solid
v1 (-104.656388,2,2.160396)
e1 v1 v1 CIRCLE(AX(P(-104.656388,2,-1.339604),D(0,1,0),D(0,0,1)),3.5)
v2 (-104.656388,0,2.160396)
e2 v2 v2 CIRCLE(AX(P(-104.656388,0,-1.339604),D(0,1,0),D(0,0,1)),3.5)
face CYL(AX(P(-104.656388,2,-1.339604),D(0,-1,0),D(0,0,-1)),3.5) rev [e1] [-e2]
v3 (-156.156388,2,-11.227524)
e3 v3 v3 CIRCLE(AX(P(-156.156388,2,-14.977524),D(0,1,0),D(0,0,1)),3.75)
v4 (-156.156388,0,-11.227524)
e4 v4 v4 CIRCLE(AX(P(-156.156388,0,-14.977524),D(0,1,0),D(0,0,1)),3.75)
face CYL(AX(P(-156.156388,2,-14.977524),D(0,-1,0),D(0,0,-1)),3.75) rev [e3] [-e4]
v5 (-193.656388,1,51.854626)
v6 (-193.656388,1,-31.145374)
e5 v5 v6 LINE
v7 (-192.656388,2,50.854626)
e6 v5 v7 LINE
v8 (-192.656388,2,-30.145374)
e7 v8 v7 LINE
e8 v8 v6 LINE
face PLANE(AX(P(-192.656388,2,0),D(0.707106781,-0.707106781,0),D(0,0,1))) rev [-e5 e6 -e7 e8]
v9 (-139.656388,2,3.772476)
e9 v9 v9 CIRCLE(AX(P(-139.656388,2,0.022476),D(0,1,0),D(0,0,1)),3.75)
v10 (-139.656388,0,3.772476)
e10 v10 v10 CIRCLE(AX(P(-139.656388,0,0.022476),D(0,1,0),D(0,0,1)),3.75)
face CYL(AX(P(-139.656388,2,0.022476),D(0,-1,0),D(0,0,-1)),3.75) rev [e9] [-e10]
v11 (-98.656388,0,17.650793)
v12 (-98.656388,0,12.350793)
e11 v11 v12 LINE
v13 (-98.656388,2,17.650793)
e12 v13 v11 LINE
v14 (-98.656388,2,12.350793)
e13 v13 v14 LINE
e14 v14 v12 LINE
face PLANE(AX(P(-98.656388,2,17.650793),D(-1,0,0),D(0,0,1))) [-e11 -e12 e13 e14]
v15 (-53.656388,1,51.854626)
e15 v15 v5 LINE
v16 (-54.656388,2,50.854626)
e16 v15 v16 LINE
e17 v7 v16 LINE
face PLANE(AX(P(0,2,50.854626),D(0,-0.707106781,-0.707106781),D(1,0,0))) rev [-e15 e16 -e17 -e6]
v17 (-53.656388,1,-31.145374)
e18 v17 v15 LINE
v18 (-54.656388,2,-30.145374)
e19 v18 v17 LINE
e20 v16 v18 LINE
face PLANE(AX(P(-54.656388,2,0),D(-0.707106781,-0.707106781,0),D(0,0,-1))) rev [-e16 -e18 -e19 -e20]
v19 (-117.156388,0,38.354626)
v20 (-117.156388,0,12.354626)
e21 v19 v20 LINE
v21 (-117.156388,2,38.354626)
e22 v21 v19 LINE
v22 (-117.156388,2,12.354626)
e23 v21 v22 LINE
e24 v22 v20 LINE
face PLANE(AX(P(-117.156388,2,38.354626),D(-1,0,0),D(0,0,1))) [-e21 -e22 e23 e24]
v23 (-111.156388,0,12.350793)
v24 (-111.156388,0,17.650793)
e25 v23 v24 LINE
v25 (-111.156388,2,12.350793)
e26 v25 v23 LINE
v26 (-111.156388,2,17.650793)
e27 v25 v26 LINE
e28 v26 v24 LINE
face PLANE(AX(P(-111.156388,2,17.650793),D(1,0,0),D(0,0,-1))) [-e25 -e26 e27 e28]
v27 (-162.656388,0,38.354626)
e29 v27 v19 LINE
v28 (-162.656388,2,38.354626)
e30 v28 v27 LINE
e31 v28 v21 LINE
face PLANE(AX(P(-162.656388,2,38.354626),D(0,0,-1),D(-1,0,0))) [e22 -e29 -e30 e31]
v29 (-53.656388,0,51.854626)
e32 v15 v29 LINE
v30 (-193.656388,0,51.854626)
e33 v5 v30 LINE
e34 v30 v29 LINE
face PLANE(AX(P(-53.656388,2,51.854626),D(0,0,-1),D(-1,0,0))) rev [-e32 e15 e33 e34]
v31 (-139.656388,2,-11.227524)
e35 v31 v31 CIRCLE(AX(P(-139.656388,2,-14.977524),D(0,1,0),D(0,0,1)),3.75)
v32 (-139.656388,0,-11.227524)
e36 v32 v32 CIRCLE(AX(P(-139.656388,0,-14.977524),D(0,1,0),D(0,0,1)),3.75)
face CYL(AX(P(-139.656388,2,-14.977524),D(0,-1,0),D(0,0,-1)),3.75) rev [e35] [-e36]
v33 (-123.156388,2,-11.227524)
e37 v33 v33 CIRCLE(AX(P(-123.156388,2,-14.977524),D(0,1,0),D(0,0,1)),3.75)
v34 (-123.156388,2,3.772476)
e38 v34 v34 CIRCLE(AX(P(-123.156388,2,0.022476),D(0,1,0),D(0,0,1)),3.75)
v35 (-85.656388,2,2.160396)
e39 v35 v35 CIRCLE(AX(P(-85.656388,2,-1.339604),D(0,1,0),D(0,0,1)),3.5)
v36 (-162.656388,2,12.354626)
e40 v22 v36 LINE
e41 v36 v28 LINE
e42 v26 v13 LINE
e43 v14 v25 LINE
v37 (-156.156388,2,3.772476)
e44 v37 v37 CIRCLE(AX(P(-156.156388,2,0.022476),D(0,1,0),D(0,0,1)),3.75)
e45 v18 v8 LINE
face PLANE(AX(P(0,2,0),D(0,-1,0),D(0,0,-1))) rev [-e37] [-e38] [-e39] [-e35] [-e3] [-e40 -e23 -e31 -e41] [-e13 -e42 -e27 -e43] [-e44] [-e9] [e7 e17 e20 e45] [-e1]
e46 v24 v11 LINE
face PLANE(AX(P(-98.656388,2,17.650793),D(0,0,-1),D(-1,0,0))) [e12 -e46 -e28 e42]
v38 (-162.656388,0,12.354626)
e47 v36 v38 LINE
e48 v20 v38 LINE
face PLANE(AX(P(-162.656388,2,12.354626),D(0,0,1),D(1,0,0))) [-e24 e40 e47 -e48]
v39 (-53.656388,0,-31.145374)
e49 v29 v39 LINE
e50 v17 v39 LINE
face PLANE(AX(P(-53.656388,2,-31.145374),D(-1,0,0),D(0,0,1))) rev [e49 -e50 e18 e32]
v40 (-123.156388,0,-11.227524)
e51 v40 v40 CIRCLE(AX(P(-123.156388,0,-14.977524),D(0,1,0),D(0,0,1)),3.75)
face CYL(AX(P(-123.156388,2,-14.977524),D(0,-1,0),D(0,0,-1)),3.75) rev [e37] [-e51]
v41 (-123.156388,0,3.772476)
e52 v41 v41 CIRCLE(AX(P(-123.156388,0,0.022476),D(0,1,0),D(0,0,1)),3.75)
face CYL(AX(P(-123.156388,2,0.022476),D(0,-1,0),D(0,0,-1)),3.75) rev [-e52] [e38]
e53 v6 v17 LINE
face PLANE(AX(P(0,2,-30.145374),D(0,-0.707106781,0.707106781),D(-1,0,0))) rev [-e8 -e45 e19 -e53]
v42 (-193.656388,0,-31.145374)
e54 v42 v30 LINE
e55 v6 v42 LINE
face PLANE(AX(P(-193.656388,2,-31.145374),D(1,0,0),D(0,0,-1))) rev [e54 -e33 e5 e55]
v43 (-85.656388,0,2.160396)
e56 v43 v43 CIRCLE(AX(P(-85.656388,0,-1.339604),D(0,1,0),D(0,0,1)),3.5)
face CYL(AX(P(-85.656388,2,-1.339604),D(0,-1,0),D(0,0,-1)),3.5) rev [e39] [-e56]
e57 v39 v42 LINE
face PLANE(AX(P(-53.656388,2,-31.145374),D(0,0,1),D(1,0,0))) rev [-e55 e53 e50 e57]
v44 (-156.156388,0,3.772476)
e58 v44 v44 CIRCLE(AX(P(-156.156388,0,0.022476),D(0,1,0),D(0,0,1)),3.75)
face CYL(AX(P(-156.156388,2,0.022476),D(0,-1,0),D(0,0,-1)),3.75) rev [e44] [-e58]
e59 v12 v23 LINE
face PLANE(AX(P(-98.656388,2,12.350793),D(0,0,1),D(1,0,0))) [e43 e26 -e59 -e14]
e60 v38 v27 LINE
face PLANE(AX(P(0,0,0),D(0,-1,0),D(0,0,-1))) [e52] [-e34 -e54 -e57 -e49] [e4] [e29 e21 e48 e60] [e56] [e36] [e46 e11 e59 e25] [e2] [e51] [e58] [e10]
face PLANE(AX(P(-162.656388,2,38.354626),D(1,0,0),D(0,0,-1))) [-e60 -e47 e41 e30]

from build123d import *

# Parameters (mm, degrees)
SKETCH2_W           = 140
SKETCH2_H           = 83
SKETCH2_R           = 3.75
SKETCH2_R_2         = 3.5
SKETCH2_W_2         = 45.5
SKETCH2_H_2         = 26
SKETCH2_W_3         = 12.5
SKETCH2_H_3         = 5.3
BOSS_EXTRUDE1_DEPTH = 2
CHAMFER1_SIZE       = 1


with BuildPart() as part:
    # Sketch2 → Boss-Extrude1 (new body)
    with BuildSketch(Plane(origin=(0, 0, 0), x_dir=(1, 0, 0), z_dir=(0, 1, 0))):
        with Locations((-123.656387665, -10.354625551)):
            Rectangle(SKETCH2_W, SKETCH2_H)
        with Locations(Location((-156.156387665, 14.977524107, 0), (0, 0, 270))):
            Circle(SKETCH2_R, mode=Mode.SUBTRACT)
        with Locations(Location((-139.656387665, 14.977524107, 0), (0, 0, 270))):
            Circle(SKETCH2_R, mode=Mode.SUBTRACT)
        with Locations(Location((-123.156387665, 14.977524107, 0), (0, 0, 270))):
            Circle(SKETCH2_R, mode=Mode.SUBTRACT)
        with Locations(Location((-123.156387665, -0.022475893, 0), (0, 0, 270))):
            Circle(SKETCH2_R, mode=Mode.SUBTRACT)
        with Locations(Location((-139.656387665, -0.022475893, 0), (0, 0, 270))):
            Circle(SKETCH2_R, mode=Mode.SUBTRACT)
        with Locations(Location((-156.156387665, -0.022475893, 0), (0, 0, 270))):
            Circle(SKETCH2_R, mode=Mode.SUBTRACT)
        with Locations(Location((-85.656387665, 1.339603921, 0), (0, 0, 270))):
            Circle(SKETCH2_R_2, mode=Mode.SUBTRACT)
        with Locations(Location((-104.656387665, 1.339603921, 0), (0, 0, 270))):
            Circle(SKETCH2_R_2, mode=Mode.SUBTRACT)
        with Locations((-139.906387665, -25.354625551)):
            Rectangle(SKETCH2_W_2, SKETCH2_H_2, mode=Mode.SUBTRACT)
        with Locations((-104.906387665, -15.00079349)):
            Rectangle(SKETCH2_W_3, SKETCH2_H_3, mode=Mode.SUBTRACT)
    extrude(amount=BOSS_EXTRUDE1_DEPTH)

    # Chamfer1
    chamfer1_edges = [part.edges().sort_by_distance(p)[0] for p in [
        (-193.656387665, 2, 10.354625551),
        (-123.656387665, 2, 51.854625551),
        (-53.656387665, 2, 10.354625551),
        (-123.656387665, 2, -31.145374449),
    ]]
    chamfer(chamfer1_edges, length=CHAMFER1_SIZE)


solid = part.part
